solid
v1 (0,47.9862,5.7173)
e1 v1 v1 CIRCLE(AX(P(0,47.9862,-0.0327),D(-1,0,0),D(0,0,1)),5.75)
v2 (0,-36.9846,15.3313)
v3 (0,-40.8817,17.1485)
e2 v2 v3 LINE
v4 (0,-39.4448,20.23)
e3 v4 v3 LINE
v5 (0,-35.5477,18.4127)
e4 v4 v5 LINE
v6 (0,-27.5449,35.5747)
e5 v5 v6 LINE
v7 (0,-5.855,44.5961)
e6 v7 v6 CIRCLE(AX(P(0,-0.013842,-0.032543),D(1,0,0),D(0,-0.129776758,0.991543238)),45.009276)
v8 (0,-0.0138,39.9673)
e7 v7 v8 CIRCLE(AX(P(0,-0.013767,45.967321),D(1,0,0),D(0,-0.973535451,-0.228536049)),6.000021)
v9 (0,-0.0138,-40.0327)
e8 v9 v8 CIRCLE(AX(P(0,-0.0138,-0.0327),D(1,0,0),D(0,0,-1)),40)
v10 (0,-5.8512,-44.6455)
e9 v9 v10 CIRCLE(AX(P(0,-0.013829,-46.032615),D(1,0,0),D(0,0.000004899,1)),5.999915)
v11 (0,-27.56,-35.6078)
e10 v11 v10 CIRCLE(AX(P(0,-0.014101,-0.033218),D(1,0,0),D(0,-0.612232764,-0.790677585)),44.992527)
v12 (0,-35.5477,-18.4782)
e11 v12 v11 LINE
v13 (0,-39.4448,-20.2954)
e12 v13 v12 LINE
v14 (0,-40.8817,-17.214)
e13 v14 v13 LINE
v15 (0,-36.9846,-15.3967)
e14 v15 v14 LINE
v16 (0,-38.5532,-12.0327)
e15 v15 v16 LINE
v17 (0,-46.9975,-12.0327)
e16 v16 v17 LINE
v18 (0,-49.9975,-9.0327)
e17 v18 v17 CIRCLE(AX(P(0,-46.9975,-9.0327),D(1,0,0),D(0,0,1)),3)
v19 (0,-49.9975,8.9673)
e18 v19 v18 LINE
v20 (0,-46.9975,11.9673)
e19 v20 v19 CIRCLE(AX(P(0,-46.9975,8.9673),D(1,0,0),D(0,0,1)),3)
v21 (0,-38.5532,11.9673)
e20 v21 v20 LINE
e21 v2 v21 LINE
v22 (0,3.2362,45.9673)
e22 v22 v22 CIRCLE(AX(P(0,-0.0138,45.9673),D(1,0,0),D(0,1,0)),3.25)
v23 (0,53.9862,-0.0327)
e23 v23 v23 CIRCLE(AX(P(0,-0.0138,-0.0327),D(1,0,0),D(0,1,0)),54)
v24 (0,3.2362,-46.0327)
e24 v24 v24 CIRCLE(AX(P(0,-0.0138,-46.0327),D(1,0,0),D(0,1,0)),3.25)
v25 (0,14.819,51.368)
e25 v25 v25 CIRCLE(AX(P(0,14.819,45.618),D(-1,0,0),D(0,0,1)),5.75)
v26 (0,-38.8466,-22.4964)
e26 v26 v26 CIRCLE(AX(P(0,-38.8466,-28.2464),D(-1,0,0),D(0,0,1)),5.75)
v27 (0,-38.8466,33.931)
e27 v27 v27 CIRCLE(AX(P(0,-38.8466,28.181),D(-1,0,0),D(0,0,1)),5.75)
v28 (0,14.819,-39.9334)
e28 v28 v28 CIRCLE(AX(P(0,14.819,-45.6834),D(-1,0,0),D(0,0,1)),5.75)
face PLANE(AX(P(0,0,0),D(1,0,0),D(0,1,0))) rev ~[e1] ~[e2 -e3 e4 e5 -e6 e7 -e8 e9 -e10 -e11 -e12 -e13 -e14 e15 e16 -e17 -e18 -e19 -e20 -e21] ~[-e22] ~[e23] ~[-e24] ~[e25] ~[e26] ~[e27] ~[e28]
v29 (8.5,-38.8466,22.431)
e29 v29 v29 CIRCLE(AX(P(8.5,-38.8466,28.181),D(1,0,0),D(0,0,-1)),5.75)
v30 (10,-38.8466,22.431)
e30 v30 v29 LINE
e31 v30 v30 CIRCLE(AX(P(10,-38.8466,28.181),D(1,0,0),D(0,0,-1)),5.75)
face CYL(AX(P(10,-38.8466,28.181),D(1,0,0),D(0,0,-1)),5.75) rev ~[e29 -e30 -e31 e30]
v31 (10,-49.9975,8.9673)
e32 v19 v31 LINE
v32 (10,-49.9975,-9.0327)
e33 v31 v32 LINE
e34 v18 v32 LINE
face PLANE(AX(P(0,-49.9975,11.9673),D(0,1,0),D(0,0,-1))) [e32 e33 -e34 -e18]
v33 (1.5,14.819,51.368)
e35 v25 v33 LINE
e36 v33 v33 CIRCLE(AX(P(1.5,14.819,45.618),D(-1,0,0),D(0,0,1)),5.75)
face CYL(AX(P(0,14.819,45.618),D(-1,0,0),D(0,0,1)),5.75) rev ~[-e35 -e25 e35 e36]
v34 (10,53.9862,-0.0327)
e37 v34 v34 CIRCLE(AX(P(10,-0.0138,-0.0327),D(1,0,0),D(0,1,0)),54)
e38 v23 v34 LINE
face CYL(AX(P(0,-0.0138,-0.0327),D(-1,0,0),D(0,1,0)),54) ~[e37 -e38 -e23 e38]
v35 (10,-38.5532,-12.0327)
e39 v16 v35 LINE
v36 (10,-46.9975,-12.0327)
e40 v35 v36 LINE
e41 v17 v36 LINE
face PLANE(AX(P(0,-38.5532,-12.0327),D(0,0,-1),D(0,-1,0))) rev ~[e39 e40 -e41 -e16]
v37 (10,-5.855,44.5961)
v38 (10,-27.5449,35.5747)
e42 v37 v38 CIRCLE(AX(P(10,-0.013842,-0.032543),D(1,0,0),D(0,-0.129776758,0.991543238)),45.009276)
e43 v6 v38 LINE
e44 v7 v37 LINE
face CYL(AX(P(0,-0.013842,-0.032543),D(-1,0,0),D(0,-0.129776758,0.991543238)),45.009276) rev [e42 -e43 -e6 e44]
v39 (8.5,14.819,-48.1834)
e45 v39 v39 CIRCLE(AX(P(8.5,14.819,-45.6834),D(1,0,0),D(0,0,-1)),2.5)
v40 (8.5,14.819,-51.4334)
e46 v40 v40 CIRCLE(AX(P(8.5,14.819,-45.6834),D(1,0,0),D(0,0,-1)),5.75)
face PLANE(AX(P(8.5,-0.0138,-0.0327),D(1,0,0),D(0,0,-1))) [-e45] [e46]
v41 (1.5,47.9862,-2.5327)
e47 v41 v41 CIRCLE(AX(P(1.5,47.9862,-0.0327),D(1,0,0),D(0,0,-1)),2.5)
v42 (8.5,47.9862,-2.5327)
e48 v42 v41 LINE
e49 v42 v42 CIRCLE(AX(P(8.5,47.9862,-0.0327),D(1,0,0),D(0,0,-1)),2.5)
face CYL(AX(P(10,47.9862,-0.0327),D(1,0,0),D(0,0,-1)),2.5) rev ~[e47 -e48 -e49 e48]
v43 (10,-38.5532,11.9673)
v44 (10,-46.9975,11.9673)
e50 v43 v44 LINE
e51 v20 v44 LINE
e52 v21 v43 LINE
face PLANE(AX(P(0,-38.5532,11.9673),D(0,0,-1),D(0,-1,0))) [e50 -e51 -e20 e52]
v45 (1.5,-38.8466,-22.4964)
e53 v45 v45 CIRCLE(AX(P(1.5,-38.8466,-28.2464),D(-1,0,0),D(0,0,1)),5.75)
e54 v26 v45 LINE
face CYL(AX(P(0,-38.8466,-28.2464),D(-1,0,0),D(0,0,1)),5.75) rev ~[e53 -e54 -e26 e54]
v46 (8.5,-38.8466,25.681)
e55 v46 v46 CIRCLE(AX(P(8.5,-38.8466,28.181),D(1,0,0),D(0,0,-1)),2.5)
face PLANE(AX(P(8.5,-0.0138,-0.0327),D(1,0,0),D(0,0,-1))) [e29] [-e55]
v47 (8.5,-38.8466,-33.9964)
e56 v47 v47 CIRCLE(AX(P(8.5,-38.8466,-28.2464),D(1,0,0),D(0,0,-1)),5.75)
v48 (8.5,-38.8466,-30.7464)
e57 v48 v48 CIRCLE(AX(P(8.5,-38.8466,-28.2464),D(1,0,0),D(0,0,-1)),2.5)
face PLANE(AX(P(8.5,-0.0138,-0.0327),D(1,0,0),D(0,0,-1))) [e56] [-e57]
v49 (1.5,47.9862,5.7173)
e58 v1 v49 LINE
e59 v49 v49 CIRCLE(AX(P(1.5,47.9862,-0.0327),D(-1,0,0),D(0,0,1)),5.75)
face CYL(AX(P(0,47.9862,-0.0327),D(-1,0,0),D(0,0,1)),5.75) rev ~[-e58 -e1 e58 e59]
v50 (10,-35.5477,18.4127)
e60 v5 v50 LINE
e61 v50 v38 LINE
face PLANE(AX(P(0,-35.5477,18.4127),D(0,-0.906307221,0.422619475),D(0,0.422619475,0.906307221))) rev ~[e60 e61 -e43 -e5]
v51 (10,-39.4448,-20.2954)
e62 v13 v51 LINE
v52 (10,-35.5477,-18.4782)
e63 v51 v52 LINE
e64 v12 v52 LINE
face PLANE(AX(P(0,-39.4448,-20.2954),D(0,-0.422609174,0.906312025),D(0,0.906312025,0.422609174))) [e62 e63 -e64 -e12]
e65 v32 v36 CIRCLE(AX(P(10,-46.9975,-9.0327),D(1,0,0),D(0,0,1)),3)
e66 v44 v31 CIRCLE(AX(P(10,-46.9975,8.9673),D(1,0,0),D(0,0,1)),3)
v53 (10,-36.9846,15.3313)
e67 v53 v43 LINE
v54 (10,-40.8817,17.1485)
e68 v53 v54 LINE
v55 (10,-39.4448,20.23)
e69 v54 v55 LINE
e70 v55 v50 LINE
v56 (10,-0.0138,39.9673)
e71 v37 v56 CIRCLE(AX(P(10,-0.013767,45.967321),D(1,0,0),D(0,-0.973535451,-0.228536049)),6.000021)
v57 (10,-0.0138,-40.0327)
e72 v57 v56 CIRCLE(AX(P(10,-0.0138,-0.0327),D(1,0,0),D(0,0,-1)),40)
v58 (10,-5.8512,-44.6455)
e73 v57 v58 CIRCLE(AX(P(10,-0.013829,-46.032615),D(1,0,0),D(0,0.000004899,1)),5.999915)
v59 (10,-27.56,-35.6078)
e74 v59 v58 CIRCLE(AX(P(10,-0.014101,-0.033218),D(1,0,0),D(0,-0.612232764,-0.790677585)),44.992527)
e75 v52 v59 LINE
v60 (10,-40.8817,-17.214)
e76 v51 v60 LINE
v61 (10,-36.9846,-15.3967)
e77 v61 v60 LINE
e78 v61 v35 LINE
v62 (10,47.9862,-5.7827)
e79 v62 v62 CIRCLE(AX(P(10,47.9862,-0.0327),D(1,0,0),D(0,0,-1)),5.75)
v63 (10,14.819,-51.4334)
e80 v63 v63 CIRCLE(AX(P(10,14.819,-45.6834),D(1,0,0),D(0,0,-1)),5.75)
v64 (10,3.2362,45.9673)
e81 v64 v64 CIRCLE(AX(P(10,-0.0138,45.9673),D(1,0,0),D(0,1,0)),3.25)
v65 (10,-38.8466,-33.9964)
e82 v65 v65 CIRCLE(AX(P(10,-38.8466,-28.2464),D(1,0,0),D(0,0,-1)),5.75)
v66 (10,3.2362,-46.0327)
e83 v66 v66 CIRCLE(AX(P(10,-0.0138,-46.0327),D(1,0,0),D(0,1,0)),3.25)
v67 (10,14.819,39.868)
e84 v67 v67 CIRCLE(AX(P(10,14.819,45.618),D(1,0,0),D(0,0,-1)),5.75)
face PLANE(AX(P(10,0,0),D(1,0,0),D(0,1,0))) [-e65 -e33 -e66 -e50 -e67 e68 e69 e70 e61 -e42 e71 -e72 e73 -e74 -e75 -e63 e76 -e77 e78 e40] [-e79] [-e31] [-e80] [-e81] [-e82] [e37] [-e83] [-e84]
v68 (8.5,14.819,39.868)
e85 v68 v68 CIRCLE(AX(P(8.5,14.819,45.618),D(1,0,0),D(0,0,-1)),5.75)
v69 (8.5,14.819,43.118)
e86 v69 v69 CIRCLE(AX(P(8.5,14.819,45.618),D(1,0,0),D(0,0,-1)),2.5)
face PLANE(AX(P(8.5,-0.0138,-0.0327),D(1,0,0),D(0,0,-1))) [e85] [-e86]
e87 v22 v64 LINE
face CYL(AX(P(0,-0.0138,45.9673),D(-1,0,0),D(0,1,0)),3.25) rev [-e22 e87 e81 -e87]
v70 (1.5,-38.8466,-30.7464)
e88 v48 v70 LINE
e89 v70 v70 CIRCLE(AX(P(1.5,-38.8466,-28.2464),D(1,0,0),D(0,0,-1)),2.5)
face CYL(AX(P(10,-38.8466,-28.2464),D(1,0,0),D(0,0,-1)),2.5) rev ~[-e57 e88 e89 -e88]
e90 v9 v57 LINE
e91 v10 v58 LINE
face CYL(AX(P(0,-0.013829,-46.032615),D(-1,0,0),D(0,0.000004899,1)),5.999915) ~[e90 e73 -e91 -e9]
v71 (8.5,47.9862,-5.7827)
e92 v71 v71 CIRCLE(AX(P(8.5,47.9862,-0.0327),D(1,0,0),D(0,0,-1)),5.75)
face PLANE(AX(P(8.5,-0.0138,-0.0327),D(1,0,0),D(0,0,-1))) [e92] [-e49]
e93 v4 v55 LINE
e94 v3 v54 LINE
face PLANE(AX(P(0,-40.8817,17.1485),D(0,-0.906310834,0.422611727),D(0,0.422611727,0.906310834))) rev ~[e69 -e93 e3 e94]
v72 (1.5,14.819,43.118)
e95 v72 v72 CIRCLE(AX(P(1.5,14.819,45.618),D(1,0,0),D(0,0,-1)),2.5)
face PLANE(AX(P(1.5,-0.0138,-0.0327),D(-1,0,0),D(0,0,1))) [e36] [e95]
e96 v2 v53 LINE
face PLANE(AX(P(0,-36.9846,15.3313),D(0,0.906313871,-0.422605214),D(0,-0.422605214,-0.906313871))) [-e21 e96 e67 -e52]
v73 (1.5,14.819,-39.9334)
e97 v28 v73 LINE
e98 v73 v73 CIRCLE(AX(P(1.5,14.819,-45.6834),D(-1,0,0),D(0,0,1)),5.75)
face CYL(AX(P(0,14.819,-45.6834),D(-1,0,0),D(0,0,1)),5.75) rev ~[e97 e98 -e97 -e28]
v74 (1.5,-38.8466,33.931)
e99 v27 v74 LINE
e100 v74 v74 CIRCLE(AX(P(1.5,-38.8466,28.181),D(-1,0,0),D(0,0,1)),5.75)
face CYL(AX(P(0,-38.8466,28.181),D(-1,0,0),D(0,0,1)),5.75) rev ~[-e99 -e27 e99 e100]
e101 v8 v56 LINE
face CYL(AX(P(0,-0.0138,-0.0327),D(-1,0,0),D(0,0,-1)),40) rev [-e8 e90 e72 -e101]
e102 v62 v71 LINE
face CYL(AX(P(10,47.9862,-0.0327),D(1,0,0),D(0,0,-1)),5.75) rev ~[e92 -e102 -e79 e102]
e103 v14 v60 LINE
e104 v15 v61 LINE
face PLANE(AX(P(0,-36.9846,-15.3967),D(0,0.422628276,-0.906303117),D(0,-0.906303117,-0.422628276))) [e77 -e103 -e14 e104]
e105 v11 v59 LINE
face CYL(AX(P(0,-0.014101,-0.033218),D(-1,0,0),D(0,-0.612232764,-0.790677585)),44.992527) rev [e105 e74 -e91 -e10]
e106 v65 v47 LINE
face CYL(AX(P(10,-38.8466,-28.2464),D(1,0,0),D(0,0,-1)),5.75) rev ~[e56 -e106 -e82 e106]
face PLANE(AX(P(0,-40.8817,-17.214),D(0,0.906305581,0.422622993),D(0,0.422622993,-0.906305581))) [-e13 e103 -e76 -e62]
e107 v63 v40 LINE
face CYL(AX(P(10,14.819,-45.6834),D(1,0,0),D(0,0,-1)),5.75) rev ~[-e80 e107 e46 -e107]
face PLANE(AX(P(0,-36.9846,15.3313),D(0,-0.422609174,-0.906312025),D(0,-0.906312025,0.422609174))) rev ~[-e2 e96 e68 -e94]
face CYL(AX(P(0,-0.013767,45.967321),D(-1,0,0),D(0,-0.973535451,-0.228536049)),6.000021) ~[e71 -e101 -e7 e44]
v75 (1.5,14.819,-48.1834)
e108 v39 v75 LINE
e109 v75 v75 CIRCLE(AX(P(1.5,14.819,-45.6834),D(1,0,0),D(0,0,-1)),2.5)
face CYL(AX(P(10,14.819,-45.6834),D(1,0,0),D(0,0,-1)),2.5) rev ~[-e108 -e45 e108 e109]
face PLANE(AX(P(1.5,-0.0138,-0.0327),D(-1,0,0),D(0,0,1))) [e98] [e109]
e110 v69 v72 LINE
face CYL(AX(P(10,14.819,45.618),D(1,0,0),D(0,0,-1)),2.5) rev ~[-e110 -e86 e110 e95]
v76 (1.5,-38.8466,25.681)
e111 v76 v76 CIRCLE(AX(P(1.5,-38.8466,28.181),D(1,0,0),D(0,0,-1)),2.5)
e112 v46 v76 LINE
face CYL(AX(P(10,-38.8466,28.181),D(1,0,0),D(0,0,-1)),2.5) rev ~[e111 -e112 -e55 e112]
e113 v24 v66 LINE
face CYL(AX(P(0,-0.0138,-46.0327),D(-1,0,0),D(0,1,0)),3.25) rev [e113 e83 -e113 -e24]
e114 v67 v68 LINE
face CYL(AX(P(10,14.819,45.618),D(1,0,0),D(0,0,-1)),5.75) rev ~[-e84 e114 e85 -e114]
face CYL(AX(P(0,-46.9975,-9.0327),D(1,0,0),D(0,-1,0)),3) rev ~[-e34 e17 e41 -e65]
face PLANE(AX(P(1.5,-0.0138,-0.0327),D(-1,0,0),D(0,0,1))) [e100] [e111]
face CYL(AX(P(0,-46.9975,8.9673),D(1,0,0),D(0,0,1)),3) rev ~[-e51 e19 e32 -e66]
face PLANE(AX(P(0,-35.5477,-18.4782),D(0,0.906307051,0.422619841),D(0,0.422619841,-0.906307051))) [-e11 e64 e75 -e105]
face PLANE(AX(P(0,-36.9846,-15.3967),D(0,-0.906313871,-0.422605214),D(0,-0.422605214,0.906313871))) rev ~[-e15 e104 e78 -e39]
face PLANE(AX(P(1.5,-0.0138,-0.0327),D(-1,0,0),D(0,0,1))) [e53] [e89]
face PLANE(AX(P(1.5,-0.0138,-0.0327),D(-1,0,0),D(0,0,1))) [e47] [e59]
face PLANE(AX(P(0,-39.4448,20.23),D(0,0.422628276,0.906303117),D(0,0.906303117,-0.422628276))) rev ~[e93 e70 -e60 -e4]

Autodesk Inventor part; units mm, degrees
ref_plane "YZ Plane" through (0, 0, 0) normal (1, 0, 0) x (0, 1, 0)
ref_plane "XZ Plane" through (0, 0, 0) normal (0, 1, 0) x (-1, 0, 0)
ref_plane "XY Plane" through (0, 0, 0) normal (0, 0, 1) x (1, 0, 0)
sketch "Sketch1" plane through (0, 0, 0) normal (1, 0, 0) x (0, 1, 0)
  circle A0 centre (-0.0138, -0.0327) radius 54
  circle A1 centre (-0.0138, 45.9673) radius 3.25
  circle A2 centre (-0.0138, -46.0327) radius 3.25
  arc A3 (-5.855, 44.5961) -> (-0.0138, 39.9673) centre (-0.0138, 45.9673) ccw
  arc A4 (-0.0138, -40.0327) -> (-5.8512, -44.6455) centre (-0.0138, -46.0327) ccw
  arc A5 (-0.0138, -40.0327) -> (-0.0138, 39.9673) centre (-0.0138, -0.0327) ccw
  line L0 (-38.5532, 11.9673) -> (-49.9975, 11.9673)
  line L1 (-49.9975, 11.9673) -> (-49.9975, -12.0327)
  line L2 (-38.5532, -12.0327) -> (-49.9975, -12.0327)
  arc A6 (-5.855, 44.5961) -> (-27.5449, 35.5747) centre (-0.0138, -0.0327) ccw
  arc A7 (-27.56, -35.6078) -> (-5.8512, -44.6455) centre (-0.0138, -0.0327) ccw
  line L3 (-36.9846, 15.3313) -> (-40.8817, 17.1485)
  line L4 (-40.8817, 17.1485) -> (-39.4448, 20.23)
  line L5 (-39.4448, 20.23) -> (-35.5477, 18.4127)
  line L6 (-35.5477, 18.4127) -> (-27.5449, 35.5747)
  line L7 (-36.9846, 15.3313) -> (-38.5532, 11.9673)
  line L8 (-36.9846, -15.3967) -> (-40.8817, -17.214)
  line L9 (-40.8817, -17.214) -> (-39.4448, -20.2954)
  line L10 (-39.4448, -20.2954) -> (-35.5477, -18.4782)
  line L11 (-36.9846, -15.3967) -> (-38.5532, -12.0327)
  line L12 (-35.5477, -18.4782) -> (-27.56, -35.6078)
  line L13 (-0.0138, -0.0327) -> (-40.1632, 18.6893)
  line L14 (-0.0138, -0.0327) -> (-40.1632, -18.7547)
  line L15 (-0.0138, -0.0327) -> (-50.798, -0.0327) construction
  line L16 (-0.0138, -0.0327) -> (50.7703, -0.0327) construction
  dimension "d4" = 6.5
  dimension "d5" = 6.5
  dimension "d25" = 24
  dimension "d27" = 4.3
  dimension "d28" = 3.4
  dimension "d31" = 4.3
  dimension "d32" = 3.4
  dimension "d39" = 90
  dimension "d40" = 90
  dimension "d41" = 90
  dimension "d42" = 90
  dimension "d44" = 90
  dimension "d45" = 90
  dimension "d67" = 40
  dimension "d68" = 40
  dimension "d70" = 4.3
  dimension "d71" = 1.7
  dimension "d72" = 4.3
  dimension "d73" = 90
  dimension "d74" = 90
  dimension "d76" = 108
  dimension "d81" = 40
  dimension "d93" = 46
  dimension "d94" = 46
  dimension "d95" = 6
  dimension "d96" = 6
  dimension "d97" = 180
  dimension "d98" = 12
  dimension "d99" = 12
  dimension "d100" = 25
  dimension "d101" = 25
  dimension "d102" = 1.7
extrude "Extrusion1" add sketch "Sketch1" along normal blind 10
fillet "Fillet1" radius 3 2 edges at (5, -49.9975, 11.9673) (5, -49.9975, -12.0327)
sketch "Sketch2" plane through (10, -0.0138, -0.0327) normal (1, 0, 0) x (0, 0, -1)
  circle A0 centre (0, 0) radius 48
  circle A1 centre (0, 48) radius 2.5
  arc A2 (40, 0) -> (-40, 0) centre (0, 0) ccw projected
  arc A3 (40, 0) -> (44.6128, -5.8374) centre (46, 0) ccw projected
  arc A4 (35.575, -27.5462) -> (44.6128, -5.8374) centre (0, 0) ccw projected
  line L0 (35.575, -27.5462) -> (18.4455, -35.5339) projected
  line L1 (18.4455, -35.5339) -> (20.2627, -39.431) projected
  line L2 (20.2627, -39.431) -> (17.1813, -40.8679) projected
  line L3 (17.1813, -40.8679) -> (15.364, -36.9708) projected
  line L4 (15.364, -36.9708) -> (12, -38.5394) projected
  line L5 (12, -38.5394) -> (12, -46.9837) projected
  arc A5 (9, -49.9837) -> (12, -46.9837) centre (9, -46.9837) ccw projected
  line L6 (9, -49.9837) -> (-9, -49.9837) projected
  arc A6 (-12, -46.9837) -> (-9, -49.9837) centre (-9, -46.9837) ccw projected
  line L7 (-12, -46.9837) -> (-12, -38.5394) projected
  line L8 (-12, -38.5394) -> (-15.364, -36.9708) projected
  line L9 (-15.364, -36.9708) -> (-17.1813, -40.8679) projected
  line L10 (-17.1813, -40.8679) -> (-20.2627, -39.431) projected
  line L11 (-20.2627, -39.431) -> (-18.4455, -35.5339) projected
  line L12 (-18.4455, -35.5339) -> (-35.6074, -27.5311) projected
  arc A7 (-44.6288, -5.8412) -> (-35.6074, -27.5311) centre (0, 0) ccw projected
  arc A8 (-44.6288, -5.8412) -> (-40, 0) centre (-46, 0) ccw projected
  circle A9 centre (46, 0) radius 3.25 projected
  circle A10 centre (-46, 0) radius 3.25 projected
  circle A11 centre (0, 0) radius 54 projected
  circle A12 centre (0, 0) radius 54 projected
  circle A13 centre (-45.6507, 14.8328) radius 2.5
  circle A14 centre (-28.2137, -38.8328) radius 2.5
  circle A15 centre (28.2137, -38.8328) radius 2.5
  circle A16 centre (45.6507, 14.8328) radius 2.5
  point P0 (-0.0327, 0.0138)
  dimension "d50" = 96
  dimension "d51" = 5
  dimension "d80" = 108
  dimension "d84" = 360
  dimension "d103" = 0
extrude "Extrusion2" cut sketch "Sketch2" against normal blind 10 contours A16 A0 | A0 A16 | A15 A0 | A0 A15 | A1 A0 | A0 A1 | A13 A0 | A0 A13 | A14 A0 | A0 A14
sketch "Sketch3" plane through (10, -0.0138, -0.0327) normal (1, 0, 0) x (0, 0, -1)
  circle A0 centre (0, 48) radius 2.5 projected
  circle A1 centre (0, 48) radius 5.75
  circle A2 centre (0, 0) radius 54 projected
  circle A3 centre (-45.6507, 14.8328) radius 5.75
  circle A4 centre (-28.2137, -38.8328) radius 5.75
  circle A5 centre (28.2137, -38.8328) radius 5.75
  circle A6 centre (45.6507, 14.8328) radius 5.75
  point P0 (-0.0327, 0.0138)
  dimension "d58" = 11.5
  dimension "d88" = 360
extrude "Extrusion3" cut sketch "Sketch3" against normal blind 1.5 contours A1 | A3 | A4 | A5 | A6
sketch "Sketch6" plane through (0, -0.0138, -0.0327) normal (-1, 0, 0) x (0, 0, 1)
  circle A0 centre (0, 48) radius 5.75 projected
  circle A1 centre (-45.6507, 14.8328) radius 5.75 projected
  circle A2 centre (-28.2137, -38.8328) radius 5.75 projected
  circle A3 centre (28.2137, -38.8328) radius 5.75 projected
  circle A4 centre (45.6507, 14.8328) radius 5.75 projected
  point P0 (0.0327, 0.0138)
extrude "Extrusion5" cut sketch "Sketch6" against normal blind 1.5
equation "\"d98\" = 0.5 * d25"
properties part number "3219_Center Rung_V1" material "Acetal Resin, White"
